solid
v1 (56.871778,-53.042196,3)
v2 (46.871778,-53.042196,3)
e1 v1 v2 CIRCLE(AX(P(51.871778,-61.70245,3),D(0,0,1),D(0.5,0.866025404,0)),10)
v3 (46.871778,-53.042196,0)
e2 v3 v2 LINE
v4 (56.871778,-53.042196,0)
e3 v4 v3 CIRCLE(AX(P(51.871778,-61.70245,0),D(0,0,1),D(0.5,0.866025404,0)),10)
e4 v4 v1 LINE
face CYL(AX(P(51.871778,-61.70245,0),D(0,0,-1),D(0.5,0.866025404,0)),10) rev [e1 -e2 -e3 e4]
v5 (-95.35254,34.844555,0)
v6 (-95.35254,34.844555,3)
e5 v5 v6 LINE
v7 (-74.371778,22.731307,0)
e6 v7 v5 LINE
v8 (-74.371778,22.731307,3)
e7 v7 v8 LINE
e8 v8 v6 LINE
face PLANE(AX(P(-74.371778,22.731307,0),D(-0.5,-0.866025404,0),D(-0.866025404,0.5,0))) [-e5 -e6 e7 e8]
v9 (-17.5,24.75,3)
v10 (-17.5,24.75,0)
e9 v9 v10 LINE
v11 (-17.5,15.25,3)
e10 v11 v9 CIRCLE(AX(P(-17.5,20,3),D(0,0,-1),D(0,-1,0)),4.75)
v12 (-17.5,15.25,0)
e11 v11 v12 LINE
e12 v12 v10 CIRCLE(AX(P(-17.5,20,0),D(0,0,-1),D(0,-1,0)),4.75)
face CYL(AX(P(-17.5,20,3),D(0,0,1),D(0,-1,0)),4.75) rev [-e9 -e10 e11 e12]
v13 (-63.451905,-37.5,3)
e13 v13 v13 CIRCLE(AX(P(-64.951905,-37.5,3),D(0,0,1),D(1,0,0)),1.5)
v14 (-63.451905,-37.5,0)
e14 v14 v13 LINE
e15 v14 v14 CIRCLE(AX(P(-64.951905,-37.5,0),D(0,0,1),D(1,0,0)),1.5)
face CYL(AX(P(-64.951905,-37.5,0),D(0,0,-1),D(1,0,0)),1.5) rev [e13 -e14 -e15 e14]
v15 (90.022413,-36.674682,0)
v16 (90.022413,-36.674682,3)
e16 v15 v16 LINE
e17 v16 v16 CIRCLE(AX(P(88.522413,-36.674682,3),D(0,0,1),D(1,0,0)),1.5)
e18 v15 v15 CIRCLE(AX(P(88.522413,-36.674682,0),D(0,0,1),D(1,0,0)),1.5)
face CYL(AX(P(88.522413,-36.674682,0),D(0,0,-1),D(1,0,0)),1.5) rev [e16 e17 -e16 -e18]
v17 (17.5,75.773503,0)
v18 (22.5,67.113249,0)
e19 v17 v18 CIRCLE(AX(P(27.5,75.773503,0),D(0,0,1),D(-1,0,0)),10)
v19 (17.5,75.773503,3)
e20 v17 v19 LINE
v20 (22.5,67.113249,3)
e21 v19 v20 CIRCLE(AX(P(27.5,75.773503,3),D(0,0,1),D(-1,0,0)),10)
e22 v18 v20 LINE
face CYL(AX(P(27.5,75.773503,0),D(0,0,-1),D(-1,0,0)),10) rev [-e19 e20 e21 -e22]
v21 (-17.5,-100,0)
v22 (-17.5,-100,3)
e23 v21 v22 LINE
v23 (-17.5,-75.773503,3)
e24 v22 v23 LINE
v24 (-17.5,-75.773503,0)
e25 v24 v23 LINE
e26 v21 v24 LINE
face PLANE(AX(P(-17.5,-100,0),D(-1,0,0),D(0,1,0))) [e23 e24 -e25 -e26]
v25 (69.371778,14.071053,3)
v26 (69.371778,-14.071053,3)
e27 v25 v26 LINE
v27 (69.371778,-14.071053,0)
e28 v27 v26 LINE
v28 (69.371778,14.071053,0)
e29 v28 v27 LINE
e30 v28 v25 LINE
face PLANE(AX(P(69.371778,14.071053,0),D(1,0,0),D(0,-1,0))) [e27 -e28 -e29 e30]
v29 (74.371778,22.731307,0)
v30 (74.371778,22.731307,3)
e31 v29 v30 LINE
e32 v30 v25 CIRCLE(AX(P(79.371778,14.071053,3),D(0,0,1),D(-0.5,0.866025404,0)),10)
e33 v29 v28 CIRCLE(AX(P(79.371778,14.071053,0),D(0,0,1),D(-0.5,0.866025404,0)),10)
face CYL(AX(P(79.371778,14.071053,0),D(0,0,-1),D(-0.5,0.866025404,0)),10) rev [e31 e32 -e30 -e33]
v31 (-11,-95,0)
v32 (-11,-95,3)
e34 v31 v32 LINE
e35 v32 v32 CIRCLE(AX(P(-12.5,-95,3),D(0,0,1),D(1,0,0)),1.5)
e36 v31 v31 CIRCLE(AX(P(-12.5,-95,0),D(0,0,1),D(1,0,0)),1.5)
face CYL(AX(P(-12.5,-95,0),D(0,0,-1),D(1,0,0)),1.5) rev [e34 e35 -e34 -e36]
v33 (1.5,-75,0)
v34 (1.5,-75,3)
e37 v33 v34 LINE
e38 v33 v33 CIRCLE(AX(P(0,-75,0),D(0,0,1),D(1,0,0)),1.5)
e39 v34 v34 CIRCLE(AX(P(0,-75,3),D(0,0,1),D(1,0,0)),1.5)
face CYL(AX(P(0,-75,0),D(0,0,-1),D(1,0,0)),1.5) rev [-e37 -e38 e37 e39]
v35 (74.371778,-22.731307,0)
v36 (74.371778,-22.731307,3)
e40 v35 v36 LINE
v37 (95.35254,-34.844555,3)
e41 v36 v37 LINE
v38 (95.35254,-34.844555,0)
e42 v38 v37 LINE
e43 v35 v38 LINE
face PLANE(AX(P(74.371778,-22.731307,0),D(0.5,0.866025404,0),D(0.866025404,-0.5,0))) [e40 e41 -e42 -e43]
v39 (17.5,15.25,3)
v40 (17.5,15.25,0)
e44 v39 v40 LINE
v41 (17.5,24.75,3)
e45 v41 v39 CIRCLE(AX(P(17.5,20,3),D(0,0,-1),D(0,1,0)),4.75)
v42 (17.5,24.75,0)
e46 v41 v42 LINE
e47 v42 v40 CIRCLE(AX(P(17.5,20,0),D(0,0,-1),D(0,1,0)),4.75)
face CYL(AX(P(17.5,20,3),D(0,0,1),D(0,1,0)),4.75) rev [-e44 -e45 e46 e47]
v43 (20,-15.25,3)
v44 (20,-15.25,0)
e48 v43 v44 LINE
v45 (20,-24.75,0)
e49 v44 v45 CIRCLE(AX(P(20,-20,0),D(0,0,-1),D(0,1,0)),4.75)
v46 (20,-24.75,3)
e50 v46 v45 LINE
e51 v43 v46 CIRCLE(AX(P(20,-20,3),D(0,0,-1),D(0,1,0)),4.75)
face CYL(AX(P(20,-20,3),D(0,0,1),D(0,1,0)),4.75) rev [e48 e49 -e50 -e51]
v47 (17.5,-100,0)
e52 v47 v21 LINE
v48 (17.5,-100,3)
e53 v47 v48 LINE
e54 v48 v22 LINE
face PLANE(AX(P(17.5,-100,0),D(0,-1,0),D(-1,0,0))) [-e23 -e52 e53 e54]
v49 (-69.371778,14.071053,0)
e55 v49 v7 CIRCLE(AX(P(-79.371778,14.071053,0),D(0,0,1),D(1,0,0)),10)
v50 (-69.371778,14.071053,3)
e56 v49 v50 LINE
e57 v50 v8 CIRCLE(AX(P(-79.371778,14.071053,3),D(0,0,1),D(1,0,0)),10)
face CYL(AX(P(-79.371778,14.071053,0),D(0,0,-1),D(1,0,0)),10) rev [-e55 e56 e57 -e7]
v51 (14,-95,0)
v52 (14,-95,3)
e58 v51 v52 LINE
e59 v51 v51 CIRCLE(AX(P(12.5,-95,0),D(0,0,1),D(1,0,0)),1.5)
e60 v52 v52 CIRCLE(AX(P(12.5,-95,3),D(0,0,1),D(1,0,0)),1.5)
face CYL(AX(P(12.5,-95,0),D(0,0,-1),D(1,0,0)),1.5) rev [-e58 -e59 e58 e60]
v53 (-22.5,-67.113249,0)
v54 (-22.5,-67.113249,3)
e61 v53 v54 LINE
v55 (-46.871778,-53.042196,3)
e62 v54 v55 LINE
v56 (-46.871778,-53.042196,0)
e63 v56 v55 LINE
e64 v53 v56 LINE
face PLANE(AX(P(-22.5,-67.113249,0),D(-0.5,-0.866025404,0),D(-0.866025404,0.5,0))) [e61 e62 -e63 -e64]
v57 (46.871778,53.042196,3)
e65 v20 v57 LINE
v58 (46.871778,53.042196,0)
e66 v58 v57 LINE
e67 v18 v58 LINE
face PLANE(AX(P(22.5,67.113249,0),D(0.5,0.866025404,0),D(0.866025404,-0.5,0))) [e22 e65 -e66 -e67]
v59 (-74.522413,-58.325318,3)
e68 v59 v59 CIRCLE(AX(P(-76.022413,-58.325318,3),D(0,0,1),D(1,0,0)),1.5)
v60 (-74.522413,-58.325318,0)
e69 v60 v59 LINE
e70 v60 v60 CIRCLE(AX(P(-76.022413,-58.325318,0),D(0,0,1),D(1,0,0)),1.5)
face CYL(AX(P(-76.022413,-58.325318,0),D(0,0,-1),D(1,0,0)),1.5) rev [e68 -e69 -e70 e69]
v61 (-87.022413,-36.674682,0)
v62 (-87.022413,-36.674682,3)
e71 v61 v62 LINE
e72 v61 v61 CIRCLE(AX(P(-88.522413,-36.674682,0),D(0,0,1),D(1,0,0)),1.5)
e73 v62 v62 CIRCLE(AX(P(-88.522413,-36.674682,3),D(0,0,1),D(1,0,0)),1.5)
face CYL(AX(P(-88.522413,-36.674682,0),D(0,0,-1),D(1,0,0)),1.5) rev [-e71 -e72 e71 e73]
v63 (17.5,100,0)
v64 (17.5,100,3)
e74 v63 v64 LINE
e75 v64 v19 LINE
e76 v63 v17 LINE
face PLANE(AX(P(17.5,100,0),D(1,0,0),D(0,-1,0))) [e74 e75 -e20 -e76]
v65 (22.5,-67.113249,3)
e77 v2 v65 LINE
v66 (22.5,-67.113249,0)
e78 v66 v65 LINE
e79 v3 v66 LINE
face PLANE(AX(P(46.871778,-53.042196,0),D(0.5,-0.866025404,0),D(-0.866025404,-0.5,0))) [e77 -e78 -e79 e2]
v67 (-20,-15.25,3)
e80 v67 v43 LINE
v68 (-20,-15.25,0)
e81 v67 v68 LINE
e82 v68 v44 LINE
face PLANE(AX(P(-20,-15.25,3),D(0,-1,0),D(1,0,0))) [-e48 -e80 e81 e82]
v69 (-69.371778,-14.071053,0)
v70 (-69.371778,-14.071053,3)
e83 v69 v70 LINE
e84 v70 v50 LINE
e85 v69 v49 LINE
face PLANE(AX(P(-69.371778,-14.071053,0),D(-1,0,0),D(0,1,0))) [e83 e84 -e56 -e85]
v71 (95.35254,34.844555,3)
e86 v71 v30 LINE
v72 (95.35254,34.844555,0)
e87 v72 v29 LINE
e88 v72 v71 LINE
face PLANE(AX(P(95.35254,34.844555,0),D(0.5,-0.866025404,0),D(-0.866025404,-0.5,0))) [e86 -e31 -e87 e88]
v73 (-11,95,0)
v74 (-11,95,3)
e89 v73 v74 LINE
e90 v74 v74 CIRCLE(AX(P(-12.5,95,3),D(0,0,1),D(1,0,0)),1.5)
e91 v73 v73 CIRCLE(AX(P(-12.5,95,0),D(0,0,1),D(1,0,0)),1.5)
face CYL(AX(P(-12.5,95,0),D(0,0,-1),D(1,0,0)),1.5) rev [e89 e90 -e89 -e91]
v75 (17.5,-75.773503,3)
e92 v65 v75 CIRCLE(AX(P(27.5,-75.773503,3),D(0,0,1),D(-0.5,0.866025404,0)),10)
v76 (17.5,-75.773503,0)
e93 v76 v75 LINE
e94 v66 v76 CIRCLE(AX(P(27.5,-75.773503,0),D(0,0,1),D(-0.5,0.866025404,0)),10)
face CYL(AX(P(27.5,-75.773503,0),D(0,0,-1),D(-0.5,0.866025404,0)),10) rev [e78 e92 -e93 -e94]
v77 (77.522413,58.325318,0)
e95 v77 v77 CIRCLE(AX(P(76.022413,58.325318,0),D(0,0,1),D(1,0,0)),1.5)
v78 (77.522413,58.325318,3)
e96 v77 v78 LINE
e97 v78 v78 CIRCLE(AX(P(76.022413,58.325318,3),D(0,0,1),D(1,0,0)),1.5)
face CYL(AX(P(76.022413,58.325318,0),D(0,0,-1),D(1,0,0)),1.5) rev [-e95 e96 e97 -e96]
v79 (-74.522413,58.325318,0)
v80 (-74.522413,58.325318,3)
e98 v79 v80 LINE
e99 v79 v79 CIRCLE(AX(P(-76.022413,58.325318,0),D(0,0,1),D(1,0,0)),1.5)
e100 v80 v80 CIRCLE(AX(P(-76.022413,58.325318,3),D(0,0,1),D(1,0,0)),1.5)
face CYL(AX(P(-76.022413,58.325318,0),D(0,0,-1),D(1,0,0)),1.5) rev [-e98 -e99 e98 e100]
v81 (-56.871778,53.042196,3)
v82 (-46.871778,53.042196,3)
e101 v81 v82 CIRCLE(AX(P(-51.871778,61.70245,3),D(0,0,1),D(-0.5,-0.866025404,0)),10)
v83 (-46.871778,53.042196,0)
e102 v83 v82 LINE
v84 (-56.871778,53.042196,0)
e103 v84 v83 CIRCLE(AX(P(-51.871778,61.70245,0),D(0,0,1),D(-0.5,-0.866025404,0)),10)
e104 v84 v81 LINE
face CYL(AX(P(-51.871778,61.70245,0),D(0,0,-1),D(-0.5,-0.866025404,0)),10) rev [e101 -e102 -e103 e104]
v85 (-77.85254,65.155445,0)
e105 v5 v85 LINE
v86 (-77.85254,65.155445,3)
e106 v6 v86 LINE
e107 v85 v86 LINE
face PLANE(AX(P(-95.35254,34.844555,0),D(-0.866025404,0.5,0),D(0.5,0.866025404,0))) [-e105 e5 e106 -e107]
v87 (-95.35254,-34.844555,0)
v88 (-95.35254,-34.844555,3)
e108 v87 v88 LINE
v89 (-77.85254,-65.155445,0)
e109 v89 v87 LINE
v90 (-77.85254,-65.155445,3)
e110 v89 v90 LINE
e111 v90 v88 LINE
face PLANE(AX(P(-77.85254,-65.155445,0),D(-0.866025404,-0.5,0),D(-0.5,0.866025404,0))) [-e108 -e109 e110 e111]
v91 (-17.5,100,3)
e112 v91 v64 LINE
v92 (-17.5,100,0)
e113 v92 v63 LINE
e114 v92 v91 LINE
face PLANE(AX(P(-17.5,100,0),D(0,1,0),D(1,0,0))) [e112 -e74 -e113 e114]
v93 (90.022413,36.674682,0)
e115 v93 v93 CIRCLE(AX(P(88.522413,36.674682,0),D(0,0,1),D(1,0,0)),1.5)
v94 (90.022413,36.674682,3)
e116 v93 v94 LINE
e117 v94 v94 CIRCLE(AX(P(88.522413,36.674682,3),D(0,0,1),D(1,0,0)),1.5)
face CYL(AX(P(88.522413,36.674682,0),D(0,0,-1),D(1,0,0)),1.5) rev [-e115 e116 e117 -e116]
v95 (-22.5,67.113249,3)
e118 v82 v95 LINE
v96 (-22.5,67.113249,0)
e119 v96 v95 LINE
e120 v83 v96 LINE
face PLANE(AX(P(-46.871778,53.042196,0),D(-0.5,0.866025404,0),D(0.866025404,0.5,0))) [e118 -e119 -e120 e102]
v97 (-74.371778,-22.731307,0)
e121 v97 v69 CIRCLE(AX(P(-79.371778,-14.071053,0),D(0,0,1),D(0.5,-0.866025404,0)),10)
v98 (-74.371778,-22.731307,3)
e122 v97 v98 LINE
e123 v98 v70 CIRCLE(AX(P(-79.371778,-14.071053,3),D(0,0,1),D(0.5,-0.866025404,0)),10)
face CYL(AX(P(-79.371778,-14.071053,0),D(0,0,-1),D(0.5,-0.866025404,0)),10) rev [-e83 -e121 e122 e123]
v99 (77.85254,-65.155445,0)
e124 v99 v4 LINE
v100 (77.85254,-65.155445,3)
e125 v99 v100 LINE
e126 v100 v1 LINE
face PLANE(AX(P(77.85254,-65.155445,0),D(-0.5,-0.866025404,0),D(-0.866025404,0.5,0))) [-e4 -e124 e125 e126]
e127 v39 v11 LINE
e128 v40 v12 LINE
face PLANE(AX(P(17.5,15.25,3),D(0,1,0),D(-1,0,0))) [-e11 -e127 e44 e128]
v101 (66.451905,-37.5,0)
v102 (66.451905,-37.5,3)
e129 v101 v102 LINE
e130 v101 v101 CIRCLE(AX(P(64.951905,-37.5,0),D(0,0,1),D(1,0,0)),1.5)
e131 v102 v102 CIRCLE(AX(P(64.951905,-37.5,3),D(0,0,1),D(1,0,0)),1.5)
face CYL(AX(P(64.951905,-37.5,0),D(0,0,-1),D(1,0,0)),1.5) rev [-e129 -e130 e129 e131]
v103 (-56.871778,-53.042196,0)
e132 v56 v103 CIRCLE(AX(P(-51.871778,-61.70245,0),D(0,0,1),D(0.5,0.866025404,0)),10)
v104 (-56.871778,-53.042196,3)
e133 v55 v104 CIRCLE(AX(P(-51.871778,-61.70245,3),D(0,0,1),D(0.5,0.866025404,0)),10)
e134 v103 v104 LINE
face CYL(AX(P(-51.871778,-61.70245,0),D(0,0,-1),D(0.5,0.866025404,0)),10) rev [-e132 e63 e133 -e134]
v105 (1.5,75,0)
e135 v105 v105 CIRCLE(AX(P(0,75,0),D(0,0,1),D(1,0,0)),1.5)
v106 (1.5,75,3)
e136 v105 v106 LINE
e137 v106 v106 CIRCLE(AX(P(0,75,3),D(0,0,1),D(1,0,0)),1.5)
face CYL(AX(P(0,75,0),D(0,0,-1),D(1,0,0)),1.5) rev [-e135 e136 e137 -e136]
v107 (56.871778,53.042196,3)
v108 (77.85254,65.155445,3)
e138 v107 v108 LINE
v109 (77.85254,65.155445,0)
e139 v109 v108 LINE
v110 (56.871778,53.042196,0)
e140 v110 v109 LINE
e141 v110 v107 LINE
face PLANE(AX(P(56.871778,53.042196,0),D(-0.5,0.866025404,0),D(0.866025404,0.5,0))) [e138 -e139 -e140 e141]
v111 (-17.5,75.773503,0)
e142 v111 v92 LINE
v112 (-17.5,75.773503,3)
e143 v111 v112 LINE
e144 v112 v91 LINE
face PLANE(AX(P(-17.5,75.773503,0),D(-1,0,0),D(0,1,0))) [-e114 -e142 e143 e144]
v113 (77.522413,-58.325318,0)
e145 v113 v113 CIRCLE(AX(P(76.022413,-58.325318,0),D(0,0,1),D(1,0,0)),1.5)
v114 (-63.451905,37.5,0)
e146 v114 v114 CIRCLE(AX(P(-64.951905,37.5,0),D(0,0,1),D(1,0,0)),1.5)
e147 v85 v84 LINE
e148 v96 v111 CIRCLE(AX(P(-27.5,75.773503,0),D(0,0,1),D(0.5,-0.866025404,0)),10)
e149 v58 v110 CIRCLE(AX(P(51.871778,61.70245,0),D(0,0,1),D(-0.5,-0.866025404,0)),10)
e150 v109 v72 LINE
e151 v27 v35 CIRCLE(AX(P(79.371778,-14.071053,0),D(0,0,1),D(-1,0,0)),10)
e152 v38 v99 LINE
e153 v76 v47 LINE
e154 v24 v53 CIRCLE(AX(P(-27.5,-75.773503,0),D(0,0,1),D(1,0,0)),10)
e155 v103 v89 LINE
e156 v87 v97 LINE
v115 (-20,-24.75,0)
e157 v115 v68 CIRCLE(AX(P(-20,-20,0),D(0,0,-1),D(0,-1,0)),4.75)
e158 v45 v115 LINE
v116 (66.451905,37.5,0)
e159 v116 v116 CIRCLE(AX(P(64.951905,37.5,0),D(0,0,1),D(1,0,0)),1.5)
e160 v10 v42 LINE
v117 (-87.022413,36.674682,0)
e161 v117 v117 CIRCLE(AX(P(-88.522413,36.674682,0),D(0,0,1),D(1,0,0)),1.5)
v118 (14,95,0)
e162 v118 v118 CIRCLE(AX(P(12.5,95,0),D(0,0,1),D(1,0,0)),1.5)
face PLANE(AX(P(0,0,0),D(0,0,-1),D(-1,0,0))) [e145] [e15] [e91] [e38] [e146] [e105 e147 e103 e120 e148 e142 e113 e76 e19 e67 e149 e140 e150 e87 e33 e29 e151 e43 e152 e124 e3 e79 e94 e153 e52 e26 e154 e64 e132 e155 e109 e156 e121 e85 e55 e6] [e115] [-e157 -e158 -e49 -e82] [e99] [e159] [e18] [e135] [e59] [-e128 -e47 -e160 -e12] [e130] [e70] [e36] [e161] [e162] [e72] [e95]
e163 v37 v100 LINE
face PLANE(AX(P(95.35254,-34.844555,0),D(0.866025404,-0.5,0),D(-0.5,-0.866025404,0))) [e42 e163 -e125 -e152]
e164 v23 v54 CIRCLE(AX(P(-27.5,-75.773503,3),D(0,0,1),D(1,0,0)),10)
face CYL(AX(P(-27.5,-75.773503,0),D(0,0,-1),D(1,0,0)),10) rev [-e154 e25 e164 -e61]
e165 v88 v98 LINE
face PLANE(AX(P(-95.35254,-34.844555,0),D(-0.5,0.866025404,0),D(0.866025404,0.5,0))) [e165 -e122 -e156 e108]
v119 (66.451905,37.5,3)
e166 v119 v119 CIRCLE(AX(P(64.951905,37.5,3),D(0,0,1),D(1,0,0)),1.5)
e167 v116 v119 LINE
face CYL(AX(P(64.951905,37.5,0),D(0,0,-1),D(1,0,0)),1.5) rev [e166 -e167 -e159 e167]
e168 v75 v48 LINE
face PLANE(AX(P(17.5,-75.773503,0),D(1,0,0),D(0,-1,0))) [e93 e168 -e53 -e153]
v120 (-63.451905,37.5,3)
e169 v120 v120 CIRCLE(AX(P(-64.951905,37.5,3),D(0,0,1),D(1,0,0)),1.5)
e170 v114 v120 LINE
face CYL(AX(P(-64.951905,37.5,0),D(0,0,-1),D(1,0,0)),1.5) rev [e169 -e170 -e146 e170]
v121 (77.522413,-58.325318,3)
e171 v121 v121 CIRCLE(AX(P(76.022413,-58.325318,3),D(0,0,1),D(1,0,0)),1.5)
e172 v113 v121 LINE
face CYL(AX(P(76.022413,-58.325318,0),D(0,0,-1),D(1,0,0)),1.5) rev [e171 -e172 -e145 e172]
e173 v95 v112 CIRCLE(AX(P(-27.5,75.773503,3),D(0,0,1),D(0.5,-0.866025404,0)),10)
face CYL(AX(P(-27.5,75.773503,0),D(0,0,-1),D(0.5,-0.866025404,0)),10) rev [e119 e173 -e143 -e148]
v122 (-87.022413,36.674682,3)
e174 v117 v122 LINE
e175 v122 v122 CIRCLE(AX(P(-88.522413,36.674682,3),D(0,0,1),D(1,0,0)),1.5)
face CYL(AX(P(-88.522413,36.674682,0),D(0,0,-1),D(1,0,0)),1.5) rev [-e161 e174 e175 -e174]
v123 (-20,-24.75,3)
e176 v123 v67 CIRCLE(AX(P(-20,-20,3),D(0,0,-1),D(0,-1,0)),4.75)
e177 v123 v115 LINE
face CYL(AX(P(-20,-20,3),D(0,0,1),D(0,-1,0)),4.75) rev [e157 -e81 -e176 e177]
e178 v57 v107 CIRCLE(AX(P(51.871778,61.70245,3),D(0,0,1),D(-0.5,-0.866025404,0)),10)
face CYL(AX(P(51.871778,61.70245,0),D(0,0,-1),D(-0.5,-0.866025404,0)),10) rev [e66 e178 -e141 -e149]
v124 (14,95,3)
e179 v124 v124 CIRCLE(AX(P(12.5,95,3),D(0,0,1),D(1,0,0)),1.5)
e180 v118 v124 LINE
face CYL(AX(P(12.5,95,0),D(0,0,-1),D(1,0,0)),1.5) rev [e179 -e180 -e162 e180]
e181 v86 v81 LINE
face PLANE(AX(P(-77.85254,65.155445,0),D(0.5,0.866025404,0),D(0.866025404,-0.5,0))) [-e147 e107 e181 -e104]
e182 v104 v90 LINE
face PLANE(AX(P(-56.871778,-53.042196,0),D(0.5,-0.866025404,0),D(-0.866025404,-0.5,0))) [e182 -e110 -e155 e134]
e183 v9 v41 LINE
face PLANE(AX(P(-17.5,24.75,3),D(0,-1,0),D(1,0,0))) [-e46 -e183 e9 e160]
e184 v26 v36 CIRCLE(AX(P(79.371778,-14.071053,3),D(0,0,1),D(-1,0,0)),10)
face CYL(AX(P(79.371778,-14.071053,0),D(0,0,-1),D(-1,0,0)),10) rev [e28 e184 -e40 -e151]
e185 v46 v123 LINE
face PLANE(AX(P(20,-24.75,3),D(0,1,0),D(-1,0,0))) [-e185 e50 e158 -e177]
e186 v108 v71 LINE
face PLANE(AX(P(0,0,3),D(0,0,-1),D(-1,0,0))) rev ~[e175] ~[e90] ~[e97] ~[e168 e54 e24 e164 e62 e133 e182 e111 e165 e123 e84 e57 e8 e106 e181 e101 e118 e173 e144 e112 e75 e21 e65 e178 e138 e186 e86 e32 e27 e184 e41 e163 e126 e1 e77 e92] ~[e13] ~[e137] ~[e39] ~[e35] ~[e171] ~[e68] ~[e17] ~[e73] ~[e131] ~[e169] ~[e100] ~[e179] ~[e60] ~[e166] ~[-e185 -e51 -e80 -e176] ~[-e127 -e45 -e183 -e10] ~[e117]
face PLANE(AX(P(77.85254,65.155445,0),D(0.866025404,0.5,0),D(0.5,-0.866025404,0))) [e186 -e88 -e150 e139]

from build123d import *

# Parameters (mm, degrees)
IZIM1_R                     = 1.5
Y_KSEKLIK_EKSTR_ZYON1_DEPTH = 3
KES_EKSTR_ZYON2_DEPTH       = 3


with BuildPart() as part:
    # Çizim1 → Yükseklik-Ekstrüzyon1 (new body)
    with BuildSketch(Plane.XY):
        with BuildLine():
            Line((-17.5, 100), (17.5, 100))
            Line((17.5, 100), (17.5, 75.773502692))
            ThreePointArc((17.5, 75.773502692), (18.839745962, 70.773502692), (22.5, 67.113248654))
            Line((22.5, 67.113248654), (46.871778265, 53.042195912))
            ThreePointArc((46.871778265, 53.042195912), (51.871778265, 51.70244995), (56.871778265, 53.042195912))
            Line((56.871778265, 53.042195912), (77.852540378, 65.155444566))
            Line((77.852540378, 65.155444566), (95.352540378, 34.844555434))
            Line((95.352540378, 34.844555434), (74.371778265, 22.73130678))
            ThreePointArc((74.371778265, 22.73130678), (70.711524227, 19.071052742), (69.371778265, 14.071052742))
            Line((69.371778265, 14.071052742), (69.371778265, -14.071052742))
            ThreePointArc((69.371778265, -14.071052742), (70.711524227, -19.071052742), (74.371778265, -22.73130678))
            Line((74.371778265, -22.73130678), (95.352540378, -34.844555434))
            Line((95.352540378, -34.844555434), (77.852540378, -65.155444566))
            Line((77.852540378, -65.155444566), (56.871778265, -53.042195912))
            ThreePointArc((56.871778265, -53.042195912), (51.871778265, -51.70244995), (46.871778265, -53.042195912))
            Line((46.871778265, -53.042195912), (22.5, -67.113248654))
            ThreePointArc((22.5, -67.113248654), (18.839745962, -70.773502692), (17.5, -75.773502692))
            Line((17.5, -75.773502692), (17.5, -100))
            Line((17.5, -100), (-17.5, -100))
            Line((-17.5, -100), (-17.5, -75.773502692))
            ThreePointArc((-17.5, -75.773502692), (-18.839745962, -70.773502692), (-22.5, -67.113248654))
            Line((-22.5, -67.113248654), (-46.871778265, -53.042195912))
            ThreePointArc((-46.871778265, -53.042195912), (-51.871778265, -51.70244995), (-56.871778265, -53.042195912))
            Line((-56.871778265, -53.042195912), (-77.852540379, -65.155444566))
            Line((-77.852540379, -65.155444566), (-95.352540379, -34.844555434))
            Line((-95.352540379, -34.844555434), (-74.371778265, -22.73130678))
            ThreePointArc((-74.371778265, -22.73130678), (-70.711524227, -19.071052742), (-69.371778265, -14.071052742))
            Line((-69.371778265, -14.071052742), (-69.371778265, 14.071052742))
            ThreePointArc((-69.371778265, 14.071052742), (-70.711524227, 19.071052742), (-74.371778265, 22.73130678))
            Line((-74.371778265, 22.73130678), (-95.352540378, 34.844555434))
            Line((-95.352540378, 34.844555434), (-77.852540378, 65.155444566))
            Line((-77.852540378, 65.155444566), (-56.871778265, 53.042195912))
            ThreePointArc((-56.871778265, 53.042195912), (-51.871778265, 51.70244995), (-46.871778265, 53.042195912))
            Line((-46.871778265, 53.042195912), (-22.5, 67.113248654))
            ThreePointArc((-22.5, 67.113248654), (-18.839745962, 70.773502692), (-17.5, 75.773502692))
            Line((-17.5, 75.773502692), (-17.5, 100))
        make_face()
        with Locations((-12.5, 95)):
            Circle(IZIM1_R, mode=Mode.SUBTRACT)
        with Locations((12.5, 95)):
            Circle(IZIM1_R, mode=Mode.SUBTRACT)
        with Locations((0, 75)):
            Circle(IZIM1_R, mode=Mode.SUBTRACT)
        with Locations((76.022413359, 58.325317547)):
            Circle(IZIM1_R, mode=Mode.SUBTRACT)
        with Locations((88.522413359, 36.674682453)):
            Circle(IZIM1_R, mode=Mode.SUBTRACT)
        with Locations((64.951905284, 37.5)):
            Circle(IZIM1_R, mode=Mode.SUBTRACT)
        with Locations((88.522413359, -36.674682453)):
            Circle(IZIM1_R, mode=Mode.SUBTRACT)
        with Locations((76.02241336, -58.325317547)):
            Circle(IZIM1_R, mode=Mode.SUBTRACT)
        with Locations((64.951905284, -37.5)):
            Circle(IZIM1_R, mode=Mode.SUBTRACT)
        with Locations((12.5, -95)):
            Circle(IZIM1_R, mode=Mode.SUBTRACT)
        with Locations((-12.5, -95)):
            Circle(IZIM1_R, mode=Mode.SUBTRACT)
        with Locations((0, -75)):
            Circle(IZIM1_R, mode=Mode.SUBTRACT)
        with Locations((-76.022413359, -58.325317547)):
            Circle(IZIM1_R, mode=Mode.SUBTRACT)
        with Locations((-88.522413359, -36.674682453)):
            Circle(IZIM1_R, mode=Mode.SUBTRACT)
        with Locations((-64.951905284, -37.5)):
            Circle(IZIM1_R, mode=Mode.SUBTRACT)
        with Locations((-88.522413359, 36.674682453)):
            Circle(IZIM1_R, mode=Mode.SUBTRACT)
        with Locations((-76.022413359, 58.325317547)):
            Circle(IZIM1_R, mode=Mode.SUBTRACT)
        with Locations((-64.951905284, 37.5)):
            Circle(IZIM1_R, mode=Mode.SUBTRACT)
    extrude(amount=Y_KSEKLIK_EKSTR_ZYON1_DEPTH)

    # Çizim2 → Kes-Ekstrüzyon2 (cut)
    with BuildSketch(Plane.XY.offset(3)):
        with BuildLine():
            Line((-17.5, 24.75), (17.5, 24.75))
            ThreePointArc((17.5, 24.75), (22.25, 20), (17.5, 15.25))
            Line((17.5, 15.25), (-17.5, 15.25))
            ThreePointArc((-17.5, 15.25), (-22.25, 20), (-17.5, 24.75))
        make_face()
        with BuildLine():
            Line((-20, -15.25), (20, -15.25))
            ThreePointArc((20, -15.25), (24.75, -20), (20, -24.75))
            Line((20, -24.75), (-20, -24.75))
            ThreePointArc((-20, -24.75), (-24.75, -20), (-20, -15.25))
        make_face()
    extrude(amount=-KES_EKSTR_ZYON2_DEPTH, mode=Mode.SUBTRACT)


solid = part.part
